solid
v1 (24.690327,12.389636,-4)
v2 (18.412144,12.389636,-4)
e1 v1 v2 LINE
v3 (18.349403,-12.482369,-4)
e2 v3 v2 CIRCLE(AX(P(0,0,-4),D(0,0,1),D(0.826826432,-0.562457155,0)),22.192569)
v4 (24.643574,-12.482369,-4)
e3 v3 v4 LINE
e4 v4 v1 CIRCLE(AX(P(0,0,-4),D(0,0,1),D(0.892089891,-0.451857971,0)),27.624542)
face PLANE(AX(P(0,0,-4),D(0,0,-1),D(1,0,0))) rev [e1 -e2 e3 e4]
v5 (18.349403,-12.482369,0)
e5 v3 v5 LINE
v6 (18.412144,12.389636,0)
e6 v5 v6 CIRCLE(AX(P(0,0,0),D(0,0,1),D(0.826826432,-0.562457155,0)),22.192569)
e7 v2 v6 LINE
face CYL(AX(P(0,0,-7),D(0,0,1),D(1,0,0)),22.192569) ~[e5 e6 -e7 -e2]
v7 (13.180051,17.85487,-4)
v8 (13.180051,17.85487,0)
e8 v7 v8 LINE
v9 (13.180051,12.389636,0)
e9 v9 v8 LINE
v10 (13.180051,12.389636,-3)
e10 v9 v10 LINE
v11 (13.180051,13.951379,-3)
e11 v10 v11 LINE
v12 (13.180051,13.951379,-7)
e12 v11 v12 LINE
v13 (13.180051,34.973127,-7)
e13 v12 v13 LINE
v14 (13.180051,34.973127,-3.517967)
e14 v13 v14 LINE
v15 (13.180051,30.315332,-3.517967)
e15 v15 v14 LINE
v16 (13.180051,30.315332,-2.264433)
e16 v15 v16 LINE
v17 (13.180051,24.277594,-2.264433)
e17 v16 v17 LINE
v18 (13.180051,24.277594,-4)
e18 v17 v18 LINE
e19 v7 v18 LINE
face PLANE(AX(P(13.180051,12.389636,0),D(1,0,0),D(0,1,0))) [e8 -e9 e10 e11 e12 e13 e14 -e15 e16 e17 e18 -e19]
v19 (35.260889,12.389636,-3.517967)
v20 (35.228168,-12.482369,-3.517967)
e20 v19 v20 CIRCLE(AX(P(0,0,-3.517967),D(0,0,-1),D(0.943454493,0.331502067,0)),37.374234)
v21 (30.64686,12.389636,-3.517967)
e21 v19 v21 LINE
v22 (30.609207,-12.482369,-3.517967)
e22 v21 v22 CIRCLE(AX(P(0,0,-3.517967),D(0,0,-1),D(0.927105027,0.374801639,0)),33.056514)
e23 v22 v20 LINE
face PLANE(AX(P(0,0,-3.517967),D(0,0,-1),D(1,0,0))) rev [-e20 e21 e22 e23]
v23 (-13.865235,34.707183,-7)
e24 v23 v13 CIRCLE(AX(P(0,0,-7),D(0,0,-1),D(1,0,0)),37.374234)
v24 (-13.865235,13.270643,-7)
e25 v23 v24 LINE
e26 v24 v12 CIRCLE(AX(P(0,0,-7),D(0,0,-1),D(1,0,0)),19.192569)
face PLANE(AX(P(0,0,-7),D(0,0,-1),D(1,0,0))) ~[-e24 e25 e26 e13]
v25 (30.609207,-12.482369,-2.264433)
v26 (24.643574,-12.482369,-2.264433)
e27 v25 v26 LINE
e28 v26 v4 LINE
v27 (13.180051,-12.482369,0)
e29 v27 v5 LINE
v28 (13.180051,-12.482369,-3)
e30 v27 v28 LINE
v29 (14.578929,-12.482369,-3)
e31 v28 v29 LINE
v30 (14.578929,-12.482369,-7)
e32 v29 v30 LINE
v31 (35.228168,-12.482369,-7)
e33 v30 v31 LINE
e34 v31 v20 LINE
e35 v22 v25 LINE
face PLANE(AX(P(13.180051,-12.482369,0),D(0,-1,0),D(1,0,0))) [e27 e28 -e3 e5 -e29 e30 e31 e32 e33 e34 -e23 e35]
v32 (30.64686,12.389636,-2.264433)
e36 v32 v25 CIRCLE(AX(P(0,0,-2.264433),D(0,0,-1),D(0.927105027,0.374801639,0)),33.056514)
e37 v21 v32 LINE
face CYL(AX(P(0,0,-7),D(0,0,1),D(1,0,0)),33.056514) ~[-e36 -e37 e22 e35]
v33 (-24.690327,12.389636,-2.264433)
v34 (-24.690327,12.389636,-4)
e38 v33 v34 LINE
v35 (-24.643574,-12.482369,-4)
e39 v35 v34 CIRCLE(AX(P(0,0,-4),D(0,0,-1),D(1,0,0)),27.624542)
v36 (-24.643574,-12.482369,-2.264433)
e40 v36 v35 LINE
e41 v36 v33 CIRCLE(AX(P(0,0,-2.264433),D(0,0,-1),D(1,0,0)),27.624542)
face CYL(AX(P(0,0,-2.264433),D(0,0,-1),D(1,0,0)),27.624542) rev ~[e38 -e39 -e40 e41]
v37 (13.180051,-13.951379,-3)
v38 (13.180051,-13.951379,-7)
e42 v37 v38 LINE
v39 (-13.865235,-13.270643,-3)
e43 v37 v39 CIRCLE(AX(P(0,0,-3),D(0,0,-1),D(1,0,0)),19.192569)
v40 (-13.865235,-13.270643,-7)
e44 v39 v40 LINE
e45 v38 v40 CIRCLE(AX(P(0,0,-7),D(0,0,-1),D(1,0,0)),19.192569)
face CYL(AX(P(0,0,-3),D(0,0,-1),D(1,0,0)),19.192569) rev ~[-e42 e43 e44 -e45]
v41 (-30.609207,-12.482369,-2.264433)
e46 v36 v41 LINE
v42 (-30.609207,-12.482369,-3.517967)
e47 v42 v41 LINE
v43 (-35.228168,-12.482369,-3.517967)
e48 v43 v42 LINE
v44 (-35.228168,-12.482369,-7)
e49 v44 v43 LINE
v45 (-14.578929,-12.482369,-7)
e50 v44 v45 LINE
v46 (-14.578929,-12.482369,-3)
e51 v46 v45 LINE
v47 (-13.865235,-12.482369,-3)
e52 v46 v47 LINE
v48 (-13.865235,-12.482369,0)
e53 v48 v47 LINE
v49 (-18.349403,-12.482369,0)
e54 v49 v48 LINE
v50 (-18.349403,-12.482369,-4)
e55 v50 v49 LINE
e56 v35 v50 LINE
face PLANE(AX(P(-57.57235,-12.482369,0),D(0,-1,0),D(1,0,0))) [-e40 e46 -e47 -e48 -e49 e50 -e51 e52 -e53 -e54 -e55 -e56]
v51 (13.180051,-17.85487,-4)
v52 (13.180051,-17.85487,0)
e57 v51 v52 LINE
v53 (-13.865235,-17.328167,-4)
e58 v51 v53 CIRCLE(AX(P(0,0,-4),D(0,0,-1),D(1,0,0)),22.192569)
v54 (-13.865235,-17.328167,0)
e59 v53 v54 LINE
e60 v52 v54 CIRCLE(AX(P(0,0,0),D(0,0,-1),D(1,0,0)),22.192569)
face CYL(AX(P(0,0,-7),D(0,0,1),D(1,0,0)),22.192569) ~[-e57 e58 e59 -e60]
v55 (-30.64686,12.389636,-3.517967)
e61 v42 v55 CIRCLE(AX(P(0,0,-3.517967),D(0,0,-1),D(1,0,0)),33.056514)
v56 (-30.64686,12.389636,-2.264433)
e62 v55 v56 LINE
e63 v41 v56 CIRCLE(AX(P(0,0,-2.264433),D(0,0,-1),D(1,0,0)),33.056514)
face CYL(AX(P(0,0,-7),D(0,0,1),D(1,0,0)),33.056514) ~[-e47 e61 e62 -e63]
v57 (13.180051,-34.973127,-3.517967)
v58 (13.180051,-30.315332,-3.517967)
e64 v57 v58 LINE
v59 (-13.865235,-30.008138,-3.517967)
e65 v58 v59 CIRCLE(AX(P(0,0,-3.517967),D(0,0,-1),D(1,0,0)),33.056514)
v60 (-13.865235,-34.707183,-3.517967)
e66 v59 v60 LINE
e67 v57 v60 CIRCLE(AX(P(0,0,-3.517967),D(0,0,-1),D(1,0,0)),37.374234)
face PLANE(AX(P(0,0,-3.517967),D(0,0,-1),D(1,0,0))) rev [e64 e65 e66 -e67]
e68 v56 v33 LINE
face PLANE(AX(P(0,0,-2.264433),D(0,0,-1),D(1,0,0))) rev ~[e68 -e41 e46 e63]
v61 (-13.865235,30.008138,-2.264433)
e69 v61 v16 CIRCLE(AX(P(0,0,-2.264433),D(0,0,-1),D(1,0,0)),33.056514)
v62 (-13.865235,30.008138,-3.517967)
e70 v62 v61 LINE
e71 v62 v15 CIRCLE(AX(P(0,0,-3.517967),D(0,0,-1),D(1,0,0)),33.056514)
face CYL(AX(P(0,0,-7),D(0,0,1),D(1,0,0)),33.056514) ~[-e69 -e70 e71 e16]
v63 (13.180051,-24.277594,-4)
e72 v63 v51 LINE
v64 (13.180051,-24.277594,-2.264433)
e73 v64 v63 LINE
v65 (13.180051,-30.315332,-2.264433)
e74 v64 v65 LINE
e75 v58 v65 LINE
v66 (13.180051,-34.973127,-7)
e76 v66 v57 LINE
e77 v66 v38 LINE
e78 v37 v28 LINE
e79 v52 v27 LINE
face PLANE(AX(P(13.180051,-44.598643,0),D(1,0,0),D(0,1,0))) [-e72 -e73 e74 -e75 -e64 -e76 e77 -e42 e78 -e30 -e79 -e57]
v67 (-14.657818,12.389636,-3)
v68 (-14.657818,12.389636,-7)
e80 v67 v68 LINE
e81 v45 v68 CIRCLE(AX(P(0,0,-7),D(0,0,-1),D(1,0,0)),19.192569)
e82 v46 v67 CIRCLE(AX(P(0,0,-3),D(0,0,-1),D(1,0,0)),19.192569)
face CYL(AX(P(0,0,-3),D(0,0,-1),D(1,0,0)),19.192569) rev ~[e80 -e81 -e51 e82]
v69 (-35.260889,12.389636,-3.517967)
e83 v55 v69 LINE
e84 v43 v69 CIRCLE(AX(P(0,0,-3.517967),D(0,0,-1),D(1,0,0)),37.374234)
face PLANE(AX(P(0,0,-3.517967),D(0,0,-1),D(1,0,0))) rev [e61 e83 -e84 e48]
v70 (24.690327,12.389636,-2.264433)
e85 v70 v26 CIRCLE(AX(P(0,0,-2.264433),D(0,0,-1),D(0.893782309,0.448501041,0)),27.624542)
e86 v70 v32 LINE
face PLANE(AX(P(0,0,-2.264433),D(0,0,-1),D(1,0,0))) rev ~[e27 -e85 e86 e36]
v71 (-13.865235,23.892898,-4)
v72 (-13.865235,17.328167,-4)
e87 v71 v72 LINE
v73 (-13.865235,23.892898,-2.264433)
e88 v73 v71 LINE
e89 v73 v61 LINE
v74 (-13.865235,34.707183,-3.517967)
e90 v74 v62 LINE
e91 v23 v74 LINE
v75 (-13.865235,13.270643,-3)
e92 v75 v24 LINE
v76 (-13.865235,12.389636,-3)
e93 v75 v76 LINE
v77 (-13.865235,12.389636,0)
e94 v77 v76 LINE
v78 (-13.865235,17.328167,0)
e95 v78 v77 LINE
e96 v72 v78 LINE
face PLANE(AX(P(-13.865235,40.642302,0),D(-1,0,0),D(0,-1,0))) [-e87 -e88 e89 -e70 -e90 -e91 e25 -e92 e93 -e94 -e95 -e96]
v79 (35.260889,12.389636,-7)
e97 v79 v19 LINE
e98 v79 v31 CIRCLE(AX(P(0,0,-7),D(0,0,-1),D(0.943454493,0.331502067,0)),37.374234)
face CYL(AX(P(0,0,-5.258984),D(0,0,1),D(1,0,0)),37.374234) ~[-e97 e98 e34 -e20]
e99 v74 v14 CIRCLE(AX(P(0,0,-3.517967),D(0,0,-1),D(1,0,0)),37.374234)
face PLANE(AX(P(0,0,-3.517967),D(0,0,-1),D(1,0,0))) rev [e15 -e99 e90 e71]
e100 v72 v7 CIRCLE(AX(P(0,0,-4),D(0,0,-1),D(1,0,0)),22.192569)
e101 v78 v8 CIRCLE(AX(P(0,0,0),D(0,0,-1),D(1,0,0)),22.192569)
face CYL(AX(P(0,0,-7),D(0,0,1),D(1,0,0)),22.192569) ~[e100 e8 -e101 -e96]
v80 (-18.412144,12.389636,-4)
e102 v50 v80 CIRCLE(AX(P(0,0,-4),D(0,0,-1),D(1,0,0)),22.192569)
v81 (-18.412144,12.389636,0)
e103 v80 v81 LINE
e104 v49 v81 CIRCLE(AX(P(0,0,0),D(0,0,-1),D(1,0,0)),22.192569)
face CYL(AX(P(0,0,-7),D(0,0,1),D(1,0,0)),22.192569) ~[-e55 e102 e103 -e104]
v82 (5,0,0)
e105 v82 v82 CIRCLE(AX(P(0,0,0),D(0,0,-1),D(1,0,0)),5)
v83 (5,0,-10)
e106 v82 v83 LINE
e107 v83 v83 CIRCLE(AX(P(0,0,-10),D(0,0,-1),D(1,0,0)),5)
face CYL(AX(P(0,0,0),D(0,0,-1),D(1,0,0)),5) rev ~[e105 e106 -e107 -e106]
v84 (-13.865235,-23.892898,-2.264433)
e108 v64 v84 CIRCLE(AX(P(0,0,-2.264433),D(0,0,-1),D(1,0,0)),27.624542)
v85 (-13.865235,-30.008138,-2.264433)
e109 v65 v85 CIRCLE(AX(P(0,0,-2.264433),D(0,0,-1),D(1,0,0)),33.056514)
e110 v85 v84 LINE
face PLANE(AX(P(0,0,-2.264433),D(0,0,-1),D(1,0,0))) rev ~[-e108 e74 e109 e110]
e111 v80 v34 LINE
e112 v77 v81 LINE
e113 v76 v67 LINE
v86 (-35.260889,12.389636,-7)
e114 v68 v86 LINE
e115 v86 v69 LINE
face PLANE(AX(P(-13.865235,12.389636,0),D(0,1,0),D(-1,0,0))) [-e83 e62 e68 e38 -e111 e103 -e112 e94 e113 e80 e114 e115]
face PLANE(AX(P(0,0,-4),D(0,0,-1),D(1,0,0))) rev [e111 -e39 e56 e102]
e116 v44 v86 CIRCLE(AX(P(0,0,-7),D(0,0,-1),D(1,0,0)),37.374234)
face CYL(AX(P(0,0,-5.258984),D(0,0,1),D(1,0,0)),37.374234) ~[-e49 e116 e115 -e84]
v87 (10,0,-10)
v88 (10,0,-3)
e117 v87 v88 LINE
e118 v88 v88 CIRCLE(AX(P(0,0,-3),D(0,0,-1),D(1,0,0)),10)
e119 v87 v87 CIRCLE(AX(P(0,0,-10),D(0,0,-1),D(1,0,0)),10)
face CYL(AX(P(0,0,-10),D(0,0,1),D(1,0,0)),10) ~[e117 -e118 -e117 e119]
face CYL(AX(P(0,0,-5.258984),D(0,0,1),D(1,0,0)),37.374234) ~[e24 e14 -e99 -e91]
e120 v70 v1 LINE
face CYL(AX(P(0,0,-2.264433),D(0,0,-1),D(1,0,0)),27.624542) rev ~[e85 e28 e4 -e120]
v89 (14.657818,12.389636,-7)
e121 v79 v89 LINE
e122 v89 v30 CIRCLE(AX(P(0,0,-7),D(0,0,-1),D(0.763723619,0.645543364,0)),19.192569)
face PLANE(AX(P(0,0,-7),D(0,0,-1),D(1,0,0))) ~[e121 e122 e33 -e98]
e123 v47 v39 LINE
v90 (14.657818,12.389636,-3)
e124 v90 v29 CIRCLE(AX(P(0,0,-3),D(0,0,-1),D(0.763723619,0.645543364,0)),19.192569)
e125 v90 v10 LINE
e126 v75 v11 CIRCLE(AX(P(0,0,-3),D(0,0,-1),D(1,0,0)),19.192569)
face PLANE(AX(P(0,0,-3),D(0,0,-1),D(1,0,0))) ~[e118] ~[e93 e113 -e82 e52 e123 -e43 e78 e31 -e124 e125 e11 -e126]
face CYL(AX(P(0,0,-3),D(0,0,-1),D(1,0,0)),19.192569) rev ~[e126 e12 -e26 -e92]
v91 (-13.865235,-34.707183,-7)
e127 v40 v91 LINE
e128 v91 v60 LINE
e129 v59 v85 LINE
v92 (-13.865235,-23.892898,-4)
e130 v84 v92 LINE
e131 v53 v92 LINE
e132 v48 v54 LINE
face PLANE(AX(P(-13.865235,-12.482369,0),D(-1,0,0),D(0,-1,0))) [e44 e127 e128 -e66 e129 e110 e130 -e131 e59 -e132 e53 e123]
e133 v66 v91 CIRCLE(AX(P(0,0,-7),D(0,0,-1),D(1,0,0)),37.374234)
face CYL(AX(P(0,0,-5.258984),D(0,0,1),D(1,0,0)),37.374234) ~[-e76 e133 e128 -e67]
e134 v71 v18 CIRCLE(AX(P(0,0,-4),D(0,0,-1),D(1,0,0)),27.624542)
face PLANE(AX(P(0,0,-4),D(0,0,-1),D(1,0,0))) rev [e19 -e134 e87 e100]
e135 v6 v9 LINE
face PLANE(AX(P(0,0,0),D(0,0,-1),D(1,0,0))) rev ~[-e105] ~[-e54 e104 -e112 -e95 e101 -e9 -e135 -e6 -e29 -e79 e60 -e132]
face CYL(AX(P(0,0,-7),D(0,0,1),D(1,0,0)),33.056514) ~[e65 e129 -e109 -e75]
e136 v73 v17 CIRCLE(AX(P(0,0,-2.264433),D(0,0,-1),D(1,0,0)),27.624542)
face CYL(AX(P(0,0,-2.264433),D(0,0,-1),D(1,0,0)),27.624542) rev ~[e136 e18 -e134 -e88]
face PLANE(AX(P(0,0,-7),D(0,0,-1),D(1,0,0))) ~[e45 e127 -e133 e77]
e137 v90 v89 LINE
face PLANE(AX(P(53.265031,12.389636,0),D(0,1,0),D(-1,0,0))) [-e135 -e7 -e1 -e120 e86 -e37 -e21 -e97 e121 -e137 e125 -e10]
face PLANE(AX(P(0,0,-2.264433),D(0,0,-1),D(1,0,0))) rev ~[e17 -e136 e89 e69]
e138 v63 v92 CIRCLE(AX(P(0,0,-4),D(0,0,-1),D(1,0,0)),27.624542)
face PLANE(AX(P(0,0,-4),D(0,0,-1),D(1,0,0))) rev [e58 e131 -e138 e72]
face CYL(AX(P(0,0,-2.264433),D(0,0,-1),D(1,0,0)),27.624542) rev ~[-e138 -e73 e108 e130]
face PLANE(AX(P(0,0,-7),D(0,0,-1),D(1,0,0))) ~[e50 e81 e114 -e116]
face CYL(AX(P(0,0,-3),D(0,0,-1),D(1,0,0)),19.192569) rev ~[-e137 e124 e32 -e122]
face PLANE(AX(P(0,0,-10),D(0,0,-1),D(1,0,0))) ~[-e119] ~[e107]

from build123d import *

# Parameters (mm, degrees)
F0_W     = 9.1925691813
F0_H     = 3
F0_W_2   = 5.4319724441
F0_W_3   = 4.3177194893
F0_H_2   = 3.4820325673
F3_DEPTH = 22.6


with BuildPart() as f1:
    # F0 (on Front) → F1 (revolve)
    with BuildSketch(Plane.XZ):
        Polygon((10, 0), (5, 0), (5, -10), (10, -10), (10, -3), align=None)
        with Locations((14.5962845907, -1.5)):
            Rectangle(F0_W, F0_H)
        Polygon((22.1925691813, 0), (19.1925691813, 0), (19.1925691813, -3), (19.1925691813, -7), (22.1925691813, -7), (22.1925691813, -4), align=None)
        with Locations((24.9085554034, -5.5)):
            Rectangle(F0_W_2, F0_H)
        Polygon((27.6245416254, -2.2644333243), (27.6245416254, -4), (27.6245416254, -7), (33.0565140694, -7), (33.0565140694, -3.5179674327), (33.0565140694, -2.2644333243), align=None)
        with Locations((35.2153738141, -5.2589837164)):
            Rectangle(F0_W_3, F0_H_2)
    revolve(axis=Axis((0, 0, -3.5477653146), (0, 0, -1)))

    # F2 (on Top) → F3 (intersect)
    with BuildSketch(Plane.XY):
        Polygon((13.1800509989, 12.3896356672), (13.1800509989, 40.6423024833), (-13.8652352616, 40.6423024833), (-13.8652352616, 12.3896356672), (-57.572349906, 12.3896356672), (-57.572349906, -12.4823693186), (-13.8652352616, -12.4823693186), (-13.8652352616, -44.5986427367), (13.1800509989, -44.5986427367), (13.1800509989, -12.4823693186), (53.2650314271, -12.4823693186), (53.2650314271, 12.3896356672), align=None)
    extrude(amount=-F3_DEPTH, mode=Mode.INTERSECT)


solid = f1.part
